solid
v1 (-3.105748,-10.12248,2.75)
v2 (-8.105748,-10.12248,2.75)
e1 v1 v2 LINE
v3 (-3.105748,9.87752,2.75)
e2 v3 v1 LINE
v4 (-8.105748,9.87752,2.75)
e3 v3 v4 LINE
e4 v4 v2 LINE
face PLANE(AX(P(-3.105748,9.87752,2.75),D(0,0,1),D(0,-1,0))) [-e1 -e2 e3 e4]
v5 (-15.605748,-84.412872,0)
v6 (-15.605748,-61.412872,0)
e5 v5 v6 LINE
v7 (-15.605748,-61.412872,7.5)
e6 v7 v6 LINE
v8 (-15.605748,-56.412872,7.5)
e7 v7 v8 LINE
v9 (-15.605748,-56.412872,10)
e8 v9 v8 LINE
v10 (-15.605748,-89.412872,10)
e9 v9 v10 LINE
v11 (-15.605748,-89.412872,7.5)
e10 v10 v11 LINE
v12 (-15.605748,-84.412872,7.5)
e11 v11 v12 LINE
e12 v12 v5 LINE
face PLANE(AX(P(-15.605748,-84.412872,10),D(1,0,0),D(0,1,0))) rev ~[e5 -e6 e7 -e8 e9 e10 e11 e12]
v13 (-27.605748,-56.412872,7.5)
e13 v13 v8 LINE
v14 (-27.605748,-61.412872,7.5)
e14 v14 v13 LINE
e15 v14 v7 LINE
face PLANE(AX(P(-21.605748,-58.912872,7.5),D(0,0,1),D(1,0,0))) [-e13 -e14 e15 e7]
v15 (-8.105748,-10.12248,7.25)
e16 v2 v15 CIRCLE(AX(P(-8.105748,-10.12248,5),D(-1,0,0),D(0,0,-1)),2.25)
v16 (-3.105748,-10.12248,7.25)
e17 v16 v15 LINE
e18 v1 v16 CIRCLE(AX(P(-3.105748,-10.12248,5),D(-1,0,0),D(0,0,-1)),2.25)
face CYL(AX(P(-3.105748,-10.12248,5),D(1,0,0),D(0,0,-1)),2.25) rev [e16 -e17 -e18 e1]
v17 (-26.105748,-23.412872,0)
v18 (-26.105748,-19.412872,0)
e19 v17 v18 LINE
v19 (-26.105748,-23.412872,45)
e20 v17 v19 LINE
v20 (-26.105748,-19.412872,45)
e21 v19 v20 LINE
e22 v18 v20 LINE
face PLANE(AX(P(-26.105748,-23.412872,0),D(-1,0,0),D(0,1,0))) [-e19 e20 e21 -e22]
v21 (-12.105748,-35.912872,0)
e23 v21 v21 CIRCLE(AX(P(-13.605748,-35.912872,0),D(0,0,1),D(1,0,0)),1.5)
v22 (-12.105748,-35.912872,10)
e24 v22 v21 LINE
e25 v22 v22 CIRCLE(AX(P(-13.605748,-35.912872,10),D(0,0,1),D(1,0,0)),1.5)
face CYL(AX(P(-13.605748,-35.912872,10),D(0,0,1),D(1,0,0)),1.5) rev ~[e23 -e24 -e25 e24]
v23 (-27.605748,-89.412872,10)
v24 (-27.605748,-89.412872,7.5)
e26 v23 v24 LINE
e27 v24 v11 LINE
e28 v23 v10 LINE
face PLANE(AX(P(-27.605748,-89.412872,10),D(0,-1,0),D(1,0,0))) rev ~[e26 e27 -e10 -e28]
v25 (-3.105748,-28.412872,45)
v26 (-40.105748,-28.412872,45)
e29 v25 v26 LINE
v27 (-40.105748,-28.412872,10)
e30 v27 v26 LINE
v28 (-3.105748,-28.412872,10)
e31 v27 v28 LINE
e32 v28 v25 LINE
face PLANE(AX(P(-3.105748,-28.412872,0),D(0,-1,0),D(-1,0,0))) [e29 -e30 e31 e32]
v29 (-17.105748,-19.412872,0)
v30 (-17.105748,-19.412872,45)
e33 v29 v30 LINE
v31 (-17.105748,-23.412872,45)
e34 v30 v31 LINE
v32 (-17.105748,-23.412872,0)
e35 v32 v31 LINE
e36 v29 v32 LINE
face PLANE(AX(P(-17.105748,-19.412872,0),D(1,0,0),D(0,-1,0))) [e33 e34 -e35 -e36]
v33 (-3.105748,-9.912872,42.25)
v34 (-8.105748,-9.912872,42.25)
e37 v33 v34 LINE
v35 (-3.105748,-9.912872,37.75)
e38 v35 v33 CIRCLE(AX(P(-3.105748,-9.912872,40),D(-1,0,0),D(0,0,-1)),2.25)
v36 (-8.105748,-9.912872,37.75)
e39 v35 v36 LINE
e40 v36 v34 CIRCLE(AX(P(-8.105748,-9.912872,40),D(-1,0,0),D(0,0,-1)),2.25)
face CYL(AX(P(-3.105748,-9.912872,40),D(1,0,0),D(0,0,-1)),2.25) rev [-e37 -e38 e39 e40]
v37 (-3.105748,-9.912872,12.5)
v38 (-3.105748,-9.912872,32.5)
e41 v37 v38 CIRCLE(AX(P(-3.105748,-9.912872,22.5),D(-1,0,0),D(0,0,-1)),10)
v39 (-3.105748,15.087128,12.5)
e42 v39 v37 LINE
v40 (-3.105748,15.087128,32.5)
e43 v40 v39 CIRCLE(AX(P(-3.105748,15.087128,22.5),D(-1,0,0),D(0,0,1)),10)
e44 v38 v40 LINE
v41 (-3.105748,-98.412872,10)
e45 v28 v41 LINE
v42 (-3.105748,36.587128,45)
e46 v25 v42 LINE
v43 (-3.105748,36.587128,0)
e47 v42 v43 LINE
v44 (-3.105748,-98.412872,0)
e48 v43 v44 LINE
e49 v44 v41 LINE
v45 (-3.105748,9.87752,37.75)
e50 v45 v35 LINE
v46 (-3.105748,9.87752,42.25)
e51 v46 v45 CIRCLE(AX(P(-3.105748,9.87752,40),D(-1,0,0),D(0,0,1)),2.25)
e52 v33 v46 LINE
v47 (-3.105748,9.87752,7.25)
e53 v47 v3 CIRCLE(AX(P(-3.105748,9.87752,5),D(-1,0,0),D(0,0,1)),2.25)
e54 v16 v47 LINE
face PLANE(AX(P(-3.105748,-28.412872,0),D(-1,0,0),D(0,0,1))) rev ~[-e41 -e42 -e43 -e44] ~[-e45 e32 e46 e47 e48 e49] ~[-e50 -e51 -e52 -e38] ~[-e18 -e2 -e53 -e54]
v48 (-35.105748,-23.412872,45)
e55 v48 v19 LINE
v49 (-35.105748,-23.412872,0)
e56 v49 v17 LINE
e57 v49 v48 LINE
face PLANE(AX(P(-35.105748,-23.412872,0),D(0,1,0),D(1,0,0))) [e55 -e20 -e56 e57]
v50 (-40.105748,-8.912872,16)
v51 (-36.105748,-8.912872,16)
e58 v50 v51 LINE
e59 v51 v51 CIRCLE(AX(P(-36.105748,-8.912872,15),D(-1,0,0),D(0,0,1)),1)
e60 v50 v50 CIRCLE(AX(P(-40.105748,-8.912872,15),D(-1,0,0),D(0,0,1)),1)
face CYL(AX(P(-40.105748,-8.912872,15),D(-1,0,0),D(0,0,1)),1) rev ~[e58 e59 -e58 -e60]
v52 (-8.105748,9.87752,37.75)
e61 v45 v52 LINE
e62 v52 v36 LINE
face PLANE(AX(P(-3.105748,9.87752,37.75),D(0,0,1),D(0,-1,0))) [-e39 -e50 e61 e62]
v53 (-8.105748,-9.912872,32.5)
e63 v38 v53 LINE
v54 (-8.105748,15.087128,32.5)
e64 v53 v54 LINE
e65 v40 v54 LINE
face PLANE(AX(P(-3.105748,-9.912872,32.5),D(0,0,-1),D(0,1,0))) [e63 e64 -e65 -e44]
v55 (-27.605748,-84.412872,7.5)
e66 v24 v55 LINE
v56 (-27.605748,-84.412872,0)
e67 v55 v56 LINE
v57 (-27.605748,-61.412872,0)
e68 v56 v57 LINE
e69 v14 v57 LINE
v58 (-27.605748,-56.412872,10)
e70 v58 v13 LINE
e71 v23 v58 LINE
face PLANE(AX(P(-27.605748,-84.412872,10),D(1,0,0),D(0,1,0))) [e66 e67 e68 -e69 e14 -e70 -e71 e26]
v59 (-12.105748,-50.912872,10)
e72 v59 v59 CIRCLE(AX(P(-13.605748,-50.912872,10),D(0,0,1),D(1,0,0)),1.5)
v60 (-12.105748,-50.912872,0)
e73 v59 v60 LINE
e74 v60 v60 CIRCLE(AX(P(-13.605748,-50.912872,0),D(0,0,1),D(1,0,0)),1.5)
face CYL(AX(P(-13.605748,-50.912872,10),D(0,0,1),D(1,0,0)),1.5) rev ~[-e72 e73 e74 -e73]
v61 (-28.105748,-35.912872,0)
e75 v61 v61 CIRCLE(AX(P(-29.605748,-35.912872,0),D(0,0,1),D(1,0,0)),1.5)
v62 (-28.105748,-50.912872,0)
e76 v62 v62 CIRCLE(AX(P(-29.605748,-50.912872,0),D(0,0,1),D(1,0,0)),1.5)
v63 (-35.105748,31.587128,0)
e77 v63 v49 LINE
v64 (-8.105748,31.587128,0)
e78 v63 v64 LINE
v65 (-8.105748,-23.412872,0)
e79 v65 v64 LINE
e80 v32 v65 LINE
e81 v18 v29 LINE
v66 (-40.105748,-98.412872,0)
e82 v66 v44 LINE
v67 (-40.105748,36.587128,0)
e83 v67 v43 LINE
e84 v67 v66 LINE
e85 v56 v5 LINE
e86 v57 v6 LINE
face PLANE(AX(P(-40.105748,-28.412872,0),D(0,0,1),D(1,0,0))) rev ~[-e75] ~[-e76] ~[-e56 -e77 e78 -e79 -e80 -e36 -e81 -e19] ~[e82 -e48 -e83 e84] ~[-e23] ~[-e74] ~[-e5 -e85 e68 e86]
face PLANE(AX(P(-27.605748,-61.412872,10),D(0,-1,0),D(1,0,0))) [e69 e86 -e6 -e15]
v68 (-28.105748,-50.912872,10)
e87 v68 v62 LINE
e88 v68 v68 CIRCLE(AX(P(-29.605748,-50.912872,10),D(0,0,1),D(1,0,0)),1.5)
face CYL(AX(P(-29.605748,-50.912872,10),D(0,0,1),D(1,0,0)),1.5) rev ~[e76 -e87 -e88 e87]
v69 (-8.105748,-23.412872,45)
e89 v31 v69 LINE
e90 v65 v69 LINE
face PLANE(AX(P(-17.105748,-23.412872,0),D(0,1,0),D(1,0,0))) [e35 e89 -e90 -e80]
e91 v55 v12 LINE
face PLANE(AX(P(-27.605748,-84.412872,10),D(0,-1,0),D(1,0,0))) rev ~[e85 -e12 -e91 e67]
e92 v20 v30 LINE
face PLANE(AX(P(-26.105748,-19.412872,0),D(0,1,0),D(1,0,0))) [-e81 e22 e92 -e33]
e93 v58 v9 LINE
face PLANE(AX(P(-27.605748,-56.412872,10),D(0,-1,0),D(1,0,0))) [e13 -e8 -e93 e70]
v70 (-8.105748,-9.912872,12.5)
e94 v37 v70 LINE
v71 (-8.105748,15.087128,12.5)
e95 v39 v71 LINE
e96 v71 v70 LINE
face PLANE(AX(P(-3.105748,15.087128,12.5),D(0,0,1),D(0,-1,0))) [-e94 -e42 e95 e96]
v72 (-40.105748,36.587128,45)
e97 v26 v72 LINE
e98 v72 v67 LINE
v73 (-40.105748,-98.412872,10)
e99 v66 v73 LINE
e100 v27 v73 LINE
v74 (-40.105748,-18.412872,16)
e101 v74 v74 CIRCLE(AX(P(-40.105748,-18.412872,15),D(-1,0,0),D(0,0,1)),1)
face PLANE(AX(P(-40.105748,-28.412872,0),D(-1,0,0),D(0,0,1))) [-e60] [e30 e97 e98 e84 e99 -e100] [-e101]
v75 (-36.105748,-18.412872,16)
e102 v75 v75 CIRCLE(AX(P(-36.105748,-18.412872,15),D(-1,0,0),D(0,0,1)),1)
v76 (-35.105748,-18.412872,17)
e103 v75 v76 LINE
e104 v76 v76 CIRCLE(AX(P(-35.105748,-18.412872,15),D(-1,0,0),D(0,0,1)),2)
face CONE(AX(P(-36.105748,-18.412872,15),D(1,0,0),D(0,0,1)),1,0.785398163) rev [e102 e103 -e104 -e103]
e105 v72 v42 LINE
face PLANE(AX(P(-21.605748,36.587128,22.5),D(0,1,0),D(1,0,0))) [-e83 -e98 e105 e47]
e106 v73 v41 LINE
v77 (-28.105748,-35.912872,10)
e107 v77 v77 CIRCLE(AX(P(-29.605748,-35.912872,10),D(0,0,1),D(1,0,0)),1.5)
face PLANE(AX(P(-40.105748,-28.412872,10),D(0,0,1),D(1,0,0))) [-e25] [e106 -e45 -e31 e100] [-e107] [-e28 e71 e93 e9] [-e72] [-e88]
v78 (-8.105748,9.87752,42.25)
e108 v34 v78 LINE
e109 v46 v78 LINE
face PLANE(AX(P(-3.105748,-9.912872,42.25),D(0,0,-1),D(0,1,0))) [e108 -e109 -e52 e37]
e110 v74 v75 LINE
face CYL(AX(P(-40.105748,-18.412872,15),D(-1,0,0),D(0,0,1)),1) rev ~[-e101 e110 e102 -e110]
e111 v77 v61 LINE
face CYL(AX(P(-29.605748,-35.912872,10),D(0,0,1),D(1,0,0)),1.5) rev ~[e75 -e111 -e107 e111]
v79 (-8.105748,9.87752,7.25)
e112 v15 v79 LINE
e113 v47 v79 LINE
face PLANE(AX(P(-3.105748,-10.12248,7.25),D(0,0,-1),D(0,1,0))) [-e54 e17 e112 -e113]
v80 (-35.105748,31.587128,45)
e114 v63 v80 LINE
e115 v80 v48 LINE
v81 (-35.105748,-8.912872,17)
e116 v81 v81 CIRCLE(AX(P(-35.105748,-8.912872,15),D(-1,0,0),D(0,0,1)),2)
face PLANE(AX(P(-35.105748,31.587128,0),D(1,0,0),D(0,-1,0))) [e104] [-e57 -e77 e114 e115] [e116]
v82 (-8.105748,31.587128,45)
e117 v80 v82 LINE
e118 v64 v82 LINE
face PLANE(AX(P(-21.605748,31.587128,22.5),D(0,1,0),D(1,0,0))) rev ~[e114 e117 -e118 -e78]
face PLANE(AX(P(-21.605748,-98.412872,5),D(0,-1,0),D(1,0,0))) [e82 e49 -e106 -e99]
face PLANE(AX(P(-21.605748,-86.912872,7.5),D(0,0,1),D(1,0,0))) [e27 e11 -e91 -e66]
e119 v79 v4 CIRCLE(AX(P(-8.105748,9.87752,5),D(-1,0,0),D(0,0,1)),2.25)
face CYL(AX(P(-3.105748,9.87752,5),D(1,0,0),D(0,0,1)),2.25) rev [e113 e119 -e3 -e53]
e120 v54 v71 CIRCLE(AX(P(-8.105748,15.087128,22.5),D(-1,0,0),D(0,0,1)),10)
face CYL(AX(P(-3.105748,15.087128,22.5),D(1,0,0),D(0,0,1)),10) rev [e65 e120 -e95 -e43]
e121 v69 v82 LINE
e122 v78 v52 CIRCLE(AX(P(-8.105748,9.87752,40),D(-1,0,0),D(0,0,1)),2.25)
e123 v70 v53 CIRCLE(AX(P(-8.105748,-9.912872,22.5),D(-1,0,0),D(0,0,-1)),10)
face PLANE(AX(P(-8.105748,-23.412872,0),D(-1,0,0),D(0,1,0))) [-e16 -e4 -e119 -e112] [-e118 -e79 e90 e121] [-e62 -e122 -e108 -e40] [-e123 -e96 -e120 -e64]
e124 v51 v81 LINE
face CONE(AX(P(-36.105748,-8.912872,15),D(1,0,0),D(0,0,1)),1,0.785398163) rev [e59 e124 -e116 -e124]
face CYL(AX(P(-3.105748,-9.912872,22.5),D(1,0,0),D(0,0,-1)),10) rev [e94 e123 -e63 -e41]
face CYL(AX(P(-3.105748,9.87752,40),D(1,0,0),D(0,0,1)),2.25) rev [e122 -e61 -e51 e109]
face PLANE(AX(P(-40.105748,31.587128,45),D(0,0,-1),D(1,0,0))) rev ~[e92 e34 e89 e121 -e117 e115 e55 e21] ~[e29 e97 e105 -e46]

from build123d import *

# Parameters (mm, degrees)
BOSS_EXTRU_1_DEPTH      = 45
ENL_V_MAT_EXTRU_1_DEPTH = 5
ESQUISSE4_W             = 37
ESQUISSE4_H             = 45
BOSS_EXTRU_2_DEPTH      = 5
ESQUISSE5_W             = 37
ESQUISSE5_H             = 10
BOSS_EXTRU_3_DEPTH      = 70
ESQUISSE6_R             = 1
ENL_V_MAT_EXTRU_2_DEPTH = 10
CHANFREIN2_SIZE         = 1
ESQUISSE7_W             = 12
ESQUISSE7_H             = 23
ENL_V_MAT_EXTRU_3_DEPTH = 10
ESQUISSE8_W             = 12
ESQUISSE8_H             = 5
ENL_V_MAT_EXTRU_4_DEPTH = 2.5
ESQUISSE10_R            = 1.5
ENL_V_MAT_EXTRU_5_DEPTH = 10


with BuildPart() as part:
    # Esquisse1 → Boss.-Extru.1 (new body)
    with BuildSketch(Plane.XY):
        Polygon((-40.10574777, 31.587127795), (-35.10574777, 31.587127795), (-35.10574777, -23.412872205), (-26.10574777, -23.412872205), (-26.10574777, -19.412872205), (-17.10574777, -19.412872205), (-17.10574777, -23.412872205), (-8.10574777, -23.412872205), (-8.10574777, 31.587127795), (-3.10574777, 31.587127795), (-3.10574777, -28.412872205), (-40.10574777, -28.412872205), align=None)
    extrude(amount=BOSS_EXTRU_1_DEPTH)

    # Esquisse2 → Enlèv. mat.-Extru.1 (cut)
    with BuildSketch(Plane(origin=(-3.10574777, 0, 0), x_dir=(0, 0, -1), z_dir=(1, 0, 0))):
        with BuildLine():
            Line((-12.5, 15.087127795), (-12.5, -9.912872205))
            ThreePointArc((-12.5, -9.912872205), (-22.5, -19.912872205), (-32.5, -9.912872205))
            Line((-32.5, -9.912872205), (-32.5, 15.087127795))
            ThreePointArc((-32.5, 15.087127795), (-22.5, 25.087127795), (-12.5, 15.087127795))
        make_face()
        with BuildLine():
            Line((-37.75, 9.877519714), (-37.75, -9.912872205))
            ThreePointArc((-37.75, -9.912872205), (-40, -12.162872205), (-42.25, -9.912872205))
            Line((-42.25, -9.912872205), (-42.25, 9.877519714))
            ThreePointArc((-42.25, 9.877519714), (-40, 12.127519714), (-37.75, 9.877519714))
        make_face()
        with BuildLine():
            Line((-2.75, 9.877519714), (-2.75, -10.122480286))
            ThreePointArc((-2.75, -10.122480286), (-5, -12.372480286), (-7.25, -10.122480286))
            Line((-7.25, -10.122480286), (-7.25, 9.877519714))
            ThreePointArc((-7.25, 9.877519714), (-5, 12.127519714), (-2.75, 9.877519714))
        make_face()
    extrude(amount=-ENL_V_MAT_EXTRU_1_DEPTH, mode=Mode.SUBTRACT)

    # Esquisse4 → Boss.-Extru.2 (add)
    with BuildSketch(Plane(origin=(0, 31.587127795, 0), x_dir=(1, 0, 0), z_dir=(0, 1, 0))):
        with Locations((-21.60574777, -22.5)):
            Rectangle(ESQUISSE4_W, ESQUISSE4_H)
    extrude(amount=BOSS_EXTRU_2_DEPTH)

    # Esquisse5 → Boss.-Extru.3 (add)
    with BuildSketch(Plane.XZ.offset(28.412872205)):
        with Locations((-21.60574777, 5)):
            Rectangle(ESQUISSE5_W, ESQUISSE5_H)
    extrude(amount=BOSS_EXTRU_3_DEPTH)

    # Esquisse6 → Enlèv. mat.-Extru.2 (cut)
    with BuildSketch(Plane.ZY.offset(40.10574777)):
        with Locations((15, -18.412872205)):
            Circle(ESQUISSE6_R)
        with Locations((15, -8.912872205)):
            Circle(ESQUISSE6_R)
    extrude(amount=-ENL_V_MAT_EXTRU_2_DEPTH, mode=Mode.SUBTRACT)

    # Chanfrein2
    chanfrein2_edges = [part.edges().sort_by_distance(p)[0] for p in [
        (-35.10574777, -18.412872205, 14),
        (-35.10574777, -8.912872205, 14),
    ]]
    chamfer(chanfrein2_edges, length=CHANFREIN2_SIZE)

    # Esquisse7 → Enlèv. mat.-Extru.3 (cut)
    with BuildSketch(Plane.XY.offset(10)):
        with Locations((-21.60574777, -72.912872205)):
            Rectangle(ESQUISSE7_W, ESQUISSE7_H)
    extrude(amount=-ENL_V_MAT_EXTRU_3_DEPTH, mode=Mode.SUBTRACT)

    # Esquisse8 → Enlèv. mat.-Extru.4 (cut)
    with BuildSketch(Plane.XY.offset(10)):
        with Locations((-21.60574777, -58.912872205)):
            Rectangle(ESQUISSE8_W, ESQUISSE8_H)
        with Locations((-21.60574777, -86.912872205)):
            Rectangle(ESQUISSE8_W, ESQUISSE8_H)
    extrude(amount=-ENL_V_MAT_EXTRU_4_DEPTH, mode=Mode.SUBTRACT)

    # Esquisse10 → Enlèv. mat.-Extru.5 (cut)
    with BuildSketch(Plane.XY.offset(10)):
        with Locations((-29.60574777, -35.912872205)):
            Circle(ESQUISSE10_R)
        with Locations((-29.60574777, -50.912872205)):
            Circle(ESQUISSE10_R)
        with Locations((-13.60574777, -50.912872205)):
            Circle(ESQUISSE10_R)
        with Locations((-13.60574777, -35.912872205)):
            Circle(ESQUISSE10_R)
    extrude(amount=-ENL_V_MAT_EXTRU_5_DEPTH, mode=Mode.SUBTRACT)


solid = part.part
